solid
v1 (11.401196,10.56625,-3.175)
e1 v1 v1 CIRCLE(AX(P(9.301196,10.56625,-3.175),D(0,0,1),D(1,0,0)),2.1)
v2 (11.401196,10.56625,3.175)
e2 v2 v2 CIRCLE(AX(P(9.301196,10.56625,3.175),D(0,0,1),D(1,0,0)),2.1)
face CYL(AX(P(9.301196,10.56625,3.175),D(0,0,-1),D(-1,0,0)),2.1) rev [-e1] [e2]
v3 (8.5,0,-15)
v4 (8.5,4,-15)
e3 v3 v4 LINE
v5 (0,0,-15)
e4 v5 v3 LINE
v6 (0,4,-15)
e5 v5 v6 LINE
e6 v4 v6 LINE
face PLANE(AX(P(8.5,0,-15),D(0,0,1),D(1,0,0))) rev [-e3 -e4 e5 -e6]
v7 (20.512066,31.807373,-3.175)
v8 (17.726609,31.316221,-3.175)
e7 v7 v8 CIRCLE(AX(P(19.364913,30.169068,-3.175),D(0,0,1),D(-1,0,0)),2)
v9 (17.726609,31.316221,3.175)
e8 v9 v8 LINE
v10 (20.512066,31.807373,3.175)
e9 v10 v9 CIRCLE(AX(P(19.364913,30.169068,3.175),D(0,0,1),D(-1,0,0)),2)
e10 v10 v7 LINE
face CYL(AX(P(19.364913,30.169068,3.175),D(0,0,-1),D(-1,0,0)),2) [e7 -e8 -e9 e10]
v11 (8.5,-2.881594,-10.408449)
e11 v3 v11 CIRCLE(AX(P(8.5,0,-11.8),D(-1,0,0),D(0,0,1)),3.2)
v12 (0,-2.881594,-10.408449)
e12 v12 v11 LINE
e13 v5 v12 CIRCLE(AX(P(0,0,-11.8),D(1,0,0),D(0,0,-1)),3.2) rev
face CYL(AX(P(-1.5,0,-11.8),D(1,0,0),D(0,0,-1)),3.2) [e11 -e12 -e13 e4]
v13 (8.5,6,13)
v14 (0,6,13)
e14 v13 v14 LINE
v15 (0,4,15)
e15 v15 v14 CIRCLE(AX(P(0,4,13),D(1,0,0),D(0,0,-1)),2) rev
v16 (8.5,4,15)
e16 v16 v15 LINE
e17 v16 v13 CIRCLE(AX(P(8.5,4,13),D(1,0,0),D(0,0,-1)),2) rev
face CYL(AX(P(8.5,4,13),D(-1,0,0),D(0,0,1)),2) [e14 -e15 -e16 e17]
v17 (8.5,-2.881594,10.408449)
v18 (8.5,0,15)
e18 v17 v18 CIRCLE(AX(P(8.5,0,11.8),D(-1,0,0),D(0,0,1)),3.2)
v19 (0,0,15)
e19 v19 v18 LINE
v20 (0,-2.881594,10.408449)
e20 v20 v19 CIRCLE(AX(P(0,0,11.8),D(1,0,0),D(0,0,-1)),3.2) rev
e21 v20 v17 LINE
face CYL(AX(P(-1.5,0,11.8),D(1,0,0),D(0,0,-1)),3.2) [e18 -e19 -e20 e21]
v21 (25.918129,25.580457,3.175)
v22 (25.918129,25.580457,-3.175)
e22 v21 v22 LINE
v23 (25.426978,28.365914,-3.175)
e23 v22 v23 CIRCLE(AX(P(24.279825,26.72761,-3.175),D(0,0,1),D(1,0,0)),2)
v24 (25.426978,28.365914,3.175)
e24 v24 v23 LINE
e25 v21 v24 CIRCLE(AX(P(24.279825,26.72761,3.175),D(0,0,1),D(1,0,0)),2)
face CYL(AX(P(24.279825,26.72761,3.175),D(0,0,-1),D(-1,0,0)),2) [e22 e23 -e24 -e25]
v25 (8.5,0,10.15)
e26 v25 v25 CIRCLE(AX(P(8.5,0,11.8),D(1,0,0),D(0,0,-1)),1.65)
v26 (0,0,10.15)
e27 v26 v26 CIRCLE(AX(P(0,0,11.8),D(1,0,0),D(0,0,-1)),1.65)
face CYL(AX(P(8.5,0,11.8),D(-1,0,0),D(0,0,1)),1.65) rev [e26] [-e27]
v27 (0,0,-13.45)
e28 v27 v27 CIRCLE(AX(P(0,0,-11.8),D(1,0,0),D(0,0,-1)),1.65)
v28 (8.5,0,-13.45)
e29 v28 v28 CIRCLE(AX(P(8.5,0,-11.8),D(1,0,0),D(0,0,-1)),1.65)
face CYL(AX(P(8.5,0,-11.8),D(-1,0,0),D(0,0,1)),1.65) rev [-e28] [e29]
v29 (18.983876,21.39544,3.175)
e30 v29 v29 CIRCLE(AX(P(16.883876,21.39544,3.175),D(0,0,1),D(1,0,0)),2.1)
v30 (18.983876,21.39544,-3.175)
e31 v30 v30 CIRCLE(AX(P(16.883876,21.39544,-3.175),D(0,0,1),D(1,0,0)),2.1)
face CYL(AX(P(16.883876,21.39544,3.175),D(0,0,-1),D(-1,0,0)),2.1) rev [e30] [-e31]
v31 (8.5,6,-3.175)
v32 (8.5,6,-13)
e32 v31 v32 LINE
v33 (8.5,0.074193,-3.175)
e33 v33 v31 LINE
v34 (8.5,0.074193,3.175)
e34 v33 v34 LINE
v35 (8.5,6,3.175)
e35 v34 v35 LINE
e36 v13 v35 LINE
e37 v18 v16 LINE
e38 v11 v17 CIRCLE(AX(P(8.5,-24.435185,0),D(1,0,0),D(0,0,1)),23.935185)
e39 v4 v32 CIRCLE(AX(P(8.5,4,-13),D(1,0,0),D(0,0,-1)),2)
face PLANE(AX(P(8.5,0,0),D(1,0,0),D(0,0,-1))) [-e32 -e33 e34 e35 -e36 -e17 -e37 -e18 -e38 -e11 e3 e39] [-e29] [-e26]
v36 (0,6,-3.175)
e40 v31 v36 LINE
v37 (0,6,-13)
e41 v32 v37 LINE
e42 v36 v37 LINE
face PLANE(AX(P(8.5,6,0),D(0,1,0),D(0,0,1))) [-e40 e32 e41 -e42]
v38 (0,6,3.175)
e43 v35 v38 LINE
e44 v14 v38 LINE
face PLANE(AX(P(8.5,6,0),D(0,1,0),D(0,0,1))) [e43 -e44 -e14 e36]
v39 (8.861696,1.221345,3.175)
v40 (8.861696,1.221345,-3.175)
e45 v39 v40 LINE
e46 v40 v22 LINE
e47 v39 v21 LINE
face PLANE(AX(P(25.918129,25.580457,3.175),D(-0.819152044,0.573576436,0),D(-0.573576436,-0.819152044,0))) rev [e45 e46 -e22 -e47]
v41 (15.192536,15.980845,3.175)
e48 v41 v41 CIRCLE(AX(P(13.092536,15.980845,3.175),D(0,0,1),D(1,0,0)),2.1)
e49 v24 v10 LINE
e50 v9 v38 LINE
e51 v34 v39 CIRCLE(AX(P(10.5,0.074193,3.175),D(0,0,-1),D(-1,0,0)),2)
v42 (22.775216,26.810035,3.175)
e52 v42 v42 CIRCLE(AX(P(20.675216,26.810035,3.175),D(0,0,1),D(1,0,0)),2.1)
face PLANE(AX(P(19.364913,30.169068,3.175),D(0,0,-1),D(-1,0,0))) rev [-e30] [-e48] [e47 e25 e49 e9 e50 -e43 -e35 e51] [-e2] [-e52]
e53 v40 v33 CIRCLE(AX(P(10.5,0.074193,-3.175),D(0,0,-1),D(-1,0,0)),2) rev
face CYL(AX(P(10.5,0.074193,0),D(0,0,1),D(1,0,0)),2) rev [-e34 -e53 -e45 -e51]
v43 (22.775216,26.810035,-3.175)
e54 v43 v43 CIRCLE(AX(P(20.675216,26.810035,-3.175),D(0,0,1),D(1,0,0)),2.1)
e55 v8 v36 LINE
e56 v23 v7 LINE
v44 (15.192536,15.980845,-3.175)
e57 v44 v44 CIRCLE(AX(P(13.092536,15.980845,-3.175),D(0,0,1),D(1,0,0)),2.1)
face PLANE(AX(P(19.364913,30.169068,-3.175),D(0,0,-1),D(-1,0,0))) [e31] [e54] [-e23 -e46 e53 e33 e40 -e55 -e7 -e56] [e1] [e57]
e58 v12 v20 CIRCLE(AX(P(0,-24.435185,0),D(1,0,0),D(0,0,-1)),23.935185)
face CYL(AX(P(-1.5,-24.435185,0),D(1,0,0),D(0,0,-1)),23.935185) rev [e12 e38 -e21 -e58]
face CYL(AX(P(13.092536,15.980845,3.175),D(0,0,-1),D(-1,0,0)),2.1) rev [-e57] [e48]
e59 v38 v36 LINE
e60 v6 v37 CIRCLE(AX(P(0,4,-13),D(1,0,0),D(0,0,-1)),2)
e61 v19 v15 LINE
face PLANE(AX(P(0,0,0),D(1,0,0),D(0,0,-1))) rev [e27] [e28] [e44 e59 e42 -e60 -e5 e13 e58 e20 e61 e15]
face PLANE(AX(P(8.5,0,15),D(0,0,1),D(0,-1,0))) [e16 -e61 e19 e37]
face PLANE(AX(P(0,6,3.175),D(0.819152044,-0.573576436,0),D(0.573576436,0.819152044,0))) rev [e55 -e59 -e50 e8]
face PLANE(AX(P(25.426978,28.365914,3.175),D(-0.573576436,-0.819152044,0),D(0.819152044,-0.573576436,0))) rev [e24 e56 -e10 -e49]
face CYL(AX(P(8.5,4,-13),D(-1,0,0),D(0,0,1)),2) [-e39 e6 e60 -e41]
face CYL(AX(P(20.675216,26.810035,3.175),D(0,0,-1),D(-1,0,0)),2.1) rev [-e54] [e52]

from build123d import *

# Parameters (mm, degrees)
SKETCH1_R           = 1.65
BOSS_EXTRUDE1_DEPTH = 8.5
SKETCH2_R           = 2.1
BOSS_EXTRUDE2_DEPTH = 3.175
FILLET1_R           = 2
CUT_EXTRUDE1_START  = -10
CUT_EXTRUDE1_DEPTH  = 10


with BuildPart() as part:
    # Sketch1 → Boss-Extrude1 (new body)
    with BuildSketch(Plane(origin=(0, 0, 0), x_dir=(0, 0, -1), z_dir=(1, 0, 0))):
        with BuildLine():
            Line((-13, -6), (13, -6))
            ThreePointArc((13, -6), (14.414213562, -5.414213562), (15, -4))
            Line((15, -4), (15, 4))
            ThreePointArc((15, 4), (14.414213562, 5.414213562), (13, 6))
            Line((13, 6), (-13, 6))
            ThreePointArc((-13, 6), (-14.414213562, 5.414213562), (-15, 4))
            Line((-15, 4), (-15, -4))
            ThreePointArc((-15, -4), (-14.414213562, -5.414213562), (-13, -6))
        make_face()
        with Locations((-11.8, 0)):
            Circle(SKETCH1_R, mode=Mode.SUBTRACT)
        with Locations((11.8, 0)):
            Circle(SKETCH1_R, mode=Mode.SUBTRACT)
    extrude(amount=BOSS_EXTRUDE1_DEPTH)

    # Sketch2 → Boss-Extrude2 (add, symmetric)
    with BuildSketch(Plane.XY):
        with BuildLine():
            Line((25.918129472, 25.580456988), (3.805255429, -6))
            Line((3.805255429, -6), (0, -3.335531464))
            Line((0, -3.335531464), (0, 6))
            Line((0, 6), (17.726609029, 31.316221351))
            ThreePointArc((17.726609029, 31.316221351), (19.017616762, 32.138683985), (20.51206599, 31.807372567))
            Line((20.51206599, 31.807372567), (25.426978256, 28.365913949))
            ThreePointArc((25.426978256, 28.365913949), (26.249440889, 27.074906216), (25.918129472, 25.580456988))
        make_face()
        with Locations((20.675216378, 26.810035081)):
            Circle(SKETCH2_R, mode=Mode.SUBTRACT)
        with Locations((16.883876134, 21.395440068)):
            Circle(SKETCH2_R, mode=Mode.SUBTRACT)
        with Locations((13.092535889, 15.980845055)):
            Circle(SKETCH2_R, mode=Mode.SUBTRACT)
        with Locations((9.301195645, 10.566250043)):
            Circle(SKETCH2_R, mode=Mode.SUBTRACT)
    extrude(amount=BOSS_EXTRUDE2_DEPTH, both=True)

    # Fillet1
    fillet1_edges = [part.edges().sort_by_distance(p)[0] for p in [
        (8.5, 0.704790101, 0),
    ]]
    fillet(fillet1_edges, radius=FILLET1_R)

    # Sketch4 → Cut-Extrude1 (cut)
    with BuildSketch(Plane(origin=(8.5, 0, 0), x_dir=(0, 0, -1), z_dir=(1, 0, 0)).offset(CUT_EXTRUDE1_START)):
        with BuildLine():
            Line((-15, 0), (-15, -4))
            ThreePointArc((-15, -4), (-14.414213562, -5.414213562), (-13, -6))
            Line((-13, -6), (13, -6))
            ThreePointArc((13, -6), (14.414213562, -5.414213562), (15, -4))
            Line((15, -4), (15, 0))
            ThreePointArc((15, 0), (13.501034406, -2.710439438), (10.408448782, -2.881594213))
            ThreePointArc((10.408448782, -2.881594213), (0, -0.5), (-10.408448782, -2.881594213))
            ThreePointArc((-10.408448782, -2.881594213), (-13.501034406, -2.710439438), (-15, 0))
        make_face()
    extrude(amount=CUT_EXTRUDE1_DEPTH, mode=Mode.SUBTRACT)


solid = part.part
